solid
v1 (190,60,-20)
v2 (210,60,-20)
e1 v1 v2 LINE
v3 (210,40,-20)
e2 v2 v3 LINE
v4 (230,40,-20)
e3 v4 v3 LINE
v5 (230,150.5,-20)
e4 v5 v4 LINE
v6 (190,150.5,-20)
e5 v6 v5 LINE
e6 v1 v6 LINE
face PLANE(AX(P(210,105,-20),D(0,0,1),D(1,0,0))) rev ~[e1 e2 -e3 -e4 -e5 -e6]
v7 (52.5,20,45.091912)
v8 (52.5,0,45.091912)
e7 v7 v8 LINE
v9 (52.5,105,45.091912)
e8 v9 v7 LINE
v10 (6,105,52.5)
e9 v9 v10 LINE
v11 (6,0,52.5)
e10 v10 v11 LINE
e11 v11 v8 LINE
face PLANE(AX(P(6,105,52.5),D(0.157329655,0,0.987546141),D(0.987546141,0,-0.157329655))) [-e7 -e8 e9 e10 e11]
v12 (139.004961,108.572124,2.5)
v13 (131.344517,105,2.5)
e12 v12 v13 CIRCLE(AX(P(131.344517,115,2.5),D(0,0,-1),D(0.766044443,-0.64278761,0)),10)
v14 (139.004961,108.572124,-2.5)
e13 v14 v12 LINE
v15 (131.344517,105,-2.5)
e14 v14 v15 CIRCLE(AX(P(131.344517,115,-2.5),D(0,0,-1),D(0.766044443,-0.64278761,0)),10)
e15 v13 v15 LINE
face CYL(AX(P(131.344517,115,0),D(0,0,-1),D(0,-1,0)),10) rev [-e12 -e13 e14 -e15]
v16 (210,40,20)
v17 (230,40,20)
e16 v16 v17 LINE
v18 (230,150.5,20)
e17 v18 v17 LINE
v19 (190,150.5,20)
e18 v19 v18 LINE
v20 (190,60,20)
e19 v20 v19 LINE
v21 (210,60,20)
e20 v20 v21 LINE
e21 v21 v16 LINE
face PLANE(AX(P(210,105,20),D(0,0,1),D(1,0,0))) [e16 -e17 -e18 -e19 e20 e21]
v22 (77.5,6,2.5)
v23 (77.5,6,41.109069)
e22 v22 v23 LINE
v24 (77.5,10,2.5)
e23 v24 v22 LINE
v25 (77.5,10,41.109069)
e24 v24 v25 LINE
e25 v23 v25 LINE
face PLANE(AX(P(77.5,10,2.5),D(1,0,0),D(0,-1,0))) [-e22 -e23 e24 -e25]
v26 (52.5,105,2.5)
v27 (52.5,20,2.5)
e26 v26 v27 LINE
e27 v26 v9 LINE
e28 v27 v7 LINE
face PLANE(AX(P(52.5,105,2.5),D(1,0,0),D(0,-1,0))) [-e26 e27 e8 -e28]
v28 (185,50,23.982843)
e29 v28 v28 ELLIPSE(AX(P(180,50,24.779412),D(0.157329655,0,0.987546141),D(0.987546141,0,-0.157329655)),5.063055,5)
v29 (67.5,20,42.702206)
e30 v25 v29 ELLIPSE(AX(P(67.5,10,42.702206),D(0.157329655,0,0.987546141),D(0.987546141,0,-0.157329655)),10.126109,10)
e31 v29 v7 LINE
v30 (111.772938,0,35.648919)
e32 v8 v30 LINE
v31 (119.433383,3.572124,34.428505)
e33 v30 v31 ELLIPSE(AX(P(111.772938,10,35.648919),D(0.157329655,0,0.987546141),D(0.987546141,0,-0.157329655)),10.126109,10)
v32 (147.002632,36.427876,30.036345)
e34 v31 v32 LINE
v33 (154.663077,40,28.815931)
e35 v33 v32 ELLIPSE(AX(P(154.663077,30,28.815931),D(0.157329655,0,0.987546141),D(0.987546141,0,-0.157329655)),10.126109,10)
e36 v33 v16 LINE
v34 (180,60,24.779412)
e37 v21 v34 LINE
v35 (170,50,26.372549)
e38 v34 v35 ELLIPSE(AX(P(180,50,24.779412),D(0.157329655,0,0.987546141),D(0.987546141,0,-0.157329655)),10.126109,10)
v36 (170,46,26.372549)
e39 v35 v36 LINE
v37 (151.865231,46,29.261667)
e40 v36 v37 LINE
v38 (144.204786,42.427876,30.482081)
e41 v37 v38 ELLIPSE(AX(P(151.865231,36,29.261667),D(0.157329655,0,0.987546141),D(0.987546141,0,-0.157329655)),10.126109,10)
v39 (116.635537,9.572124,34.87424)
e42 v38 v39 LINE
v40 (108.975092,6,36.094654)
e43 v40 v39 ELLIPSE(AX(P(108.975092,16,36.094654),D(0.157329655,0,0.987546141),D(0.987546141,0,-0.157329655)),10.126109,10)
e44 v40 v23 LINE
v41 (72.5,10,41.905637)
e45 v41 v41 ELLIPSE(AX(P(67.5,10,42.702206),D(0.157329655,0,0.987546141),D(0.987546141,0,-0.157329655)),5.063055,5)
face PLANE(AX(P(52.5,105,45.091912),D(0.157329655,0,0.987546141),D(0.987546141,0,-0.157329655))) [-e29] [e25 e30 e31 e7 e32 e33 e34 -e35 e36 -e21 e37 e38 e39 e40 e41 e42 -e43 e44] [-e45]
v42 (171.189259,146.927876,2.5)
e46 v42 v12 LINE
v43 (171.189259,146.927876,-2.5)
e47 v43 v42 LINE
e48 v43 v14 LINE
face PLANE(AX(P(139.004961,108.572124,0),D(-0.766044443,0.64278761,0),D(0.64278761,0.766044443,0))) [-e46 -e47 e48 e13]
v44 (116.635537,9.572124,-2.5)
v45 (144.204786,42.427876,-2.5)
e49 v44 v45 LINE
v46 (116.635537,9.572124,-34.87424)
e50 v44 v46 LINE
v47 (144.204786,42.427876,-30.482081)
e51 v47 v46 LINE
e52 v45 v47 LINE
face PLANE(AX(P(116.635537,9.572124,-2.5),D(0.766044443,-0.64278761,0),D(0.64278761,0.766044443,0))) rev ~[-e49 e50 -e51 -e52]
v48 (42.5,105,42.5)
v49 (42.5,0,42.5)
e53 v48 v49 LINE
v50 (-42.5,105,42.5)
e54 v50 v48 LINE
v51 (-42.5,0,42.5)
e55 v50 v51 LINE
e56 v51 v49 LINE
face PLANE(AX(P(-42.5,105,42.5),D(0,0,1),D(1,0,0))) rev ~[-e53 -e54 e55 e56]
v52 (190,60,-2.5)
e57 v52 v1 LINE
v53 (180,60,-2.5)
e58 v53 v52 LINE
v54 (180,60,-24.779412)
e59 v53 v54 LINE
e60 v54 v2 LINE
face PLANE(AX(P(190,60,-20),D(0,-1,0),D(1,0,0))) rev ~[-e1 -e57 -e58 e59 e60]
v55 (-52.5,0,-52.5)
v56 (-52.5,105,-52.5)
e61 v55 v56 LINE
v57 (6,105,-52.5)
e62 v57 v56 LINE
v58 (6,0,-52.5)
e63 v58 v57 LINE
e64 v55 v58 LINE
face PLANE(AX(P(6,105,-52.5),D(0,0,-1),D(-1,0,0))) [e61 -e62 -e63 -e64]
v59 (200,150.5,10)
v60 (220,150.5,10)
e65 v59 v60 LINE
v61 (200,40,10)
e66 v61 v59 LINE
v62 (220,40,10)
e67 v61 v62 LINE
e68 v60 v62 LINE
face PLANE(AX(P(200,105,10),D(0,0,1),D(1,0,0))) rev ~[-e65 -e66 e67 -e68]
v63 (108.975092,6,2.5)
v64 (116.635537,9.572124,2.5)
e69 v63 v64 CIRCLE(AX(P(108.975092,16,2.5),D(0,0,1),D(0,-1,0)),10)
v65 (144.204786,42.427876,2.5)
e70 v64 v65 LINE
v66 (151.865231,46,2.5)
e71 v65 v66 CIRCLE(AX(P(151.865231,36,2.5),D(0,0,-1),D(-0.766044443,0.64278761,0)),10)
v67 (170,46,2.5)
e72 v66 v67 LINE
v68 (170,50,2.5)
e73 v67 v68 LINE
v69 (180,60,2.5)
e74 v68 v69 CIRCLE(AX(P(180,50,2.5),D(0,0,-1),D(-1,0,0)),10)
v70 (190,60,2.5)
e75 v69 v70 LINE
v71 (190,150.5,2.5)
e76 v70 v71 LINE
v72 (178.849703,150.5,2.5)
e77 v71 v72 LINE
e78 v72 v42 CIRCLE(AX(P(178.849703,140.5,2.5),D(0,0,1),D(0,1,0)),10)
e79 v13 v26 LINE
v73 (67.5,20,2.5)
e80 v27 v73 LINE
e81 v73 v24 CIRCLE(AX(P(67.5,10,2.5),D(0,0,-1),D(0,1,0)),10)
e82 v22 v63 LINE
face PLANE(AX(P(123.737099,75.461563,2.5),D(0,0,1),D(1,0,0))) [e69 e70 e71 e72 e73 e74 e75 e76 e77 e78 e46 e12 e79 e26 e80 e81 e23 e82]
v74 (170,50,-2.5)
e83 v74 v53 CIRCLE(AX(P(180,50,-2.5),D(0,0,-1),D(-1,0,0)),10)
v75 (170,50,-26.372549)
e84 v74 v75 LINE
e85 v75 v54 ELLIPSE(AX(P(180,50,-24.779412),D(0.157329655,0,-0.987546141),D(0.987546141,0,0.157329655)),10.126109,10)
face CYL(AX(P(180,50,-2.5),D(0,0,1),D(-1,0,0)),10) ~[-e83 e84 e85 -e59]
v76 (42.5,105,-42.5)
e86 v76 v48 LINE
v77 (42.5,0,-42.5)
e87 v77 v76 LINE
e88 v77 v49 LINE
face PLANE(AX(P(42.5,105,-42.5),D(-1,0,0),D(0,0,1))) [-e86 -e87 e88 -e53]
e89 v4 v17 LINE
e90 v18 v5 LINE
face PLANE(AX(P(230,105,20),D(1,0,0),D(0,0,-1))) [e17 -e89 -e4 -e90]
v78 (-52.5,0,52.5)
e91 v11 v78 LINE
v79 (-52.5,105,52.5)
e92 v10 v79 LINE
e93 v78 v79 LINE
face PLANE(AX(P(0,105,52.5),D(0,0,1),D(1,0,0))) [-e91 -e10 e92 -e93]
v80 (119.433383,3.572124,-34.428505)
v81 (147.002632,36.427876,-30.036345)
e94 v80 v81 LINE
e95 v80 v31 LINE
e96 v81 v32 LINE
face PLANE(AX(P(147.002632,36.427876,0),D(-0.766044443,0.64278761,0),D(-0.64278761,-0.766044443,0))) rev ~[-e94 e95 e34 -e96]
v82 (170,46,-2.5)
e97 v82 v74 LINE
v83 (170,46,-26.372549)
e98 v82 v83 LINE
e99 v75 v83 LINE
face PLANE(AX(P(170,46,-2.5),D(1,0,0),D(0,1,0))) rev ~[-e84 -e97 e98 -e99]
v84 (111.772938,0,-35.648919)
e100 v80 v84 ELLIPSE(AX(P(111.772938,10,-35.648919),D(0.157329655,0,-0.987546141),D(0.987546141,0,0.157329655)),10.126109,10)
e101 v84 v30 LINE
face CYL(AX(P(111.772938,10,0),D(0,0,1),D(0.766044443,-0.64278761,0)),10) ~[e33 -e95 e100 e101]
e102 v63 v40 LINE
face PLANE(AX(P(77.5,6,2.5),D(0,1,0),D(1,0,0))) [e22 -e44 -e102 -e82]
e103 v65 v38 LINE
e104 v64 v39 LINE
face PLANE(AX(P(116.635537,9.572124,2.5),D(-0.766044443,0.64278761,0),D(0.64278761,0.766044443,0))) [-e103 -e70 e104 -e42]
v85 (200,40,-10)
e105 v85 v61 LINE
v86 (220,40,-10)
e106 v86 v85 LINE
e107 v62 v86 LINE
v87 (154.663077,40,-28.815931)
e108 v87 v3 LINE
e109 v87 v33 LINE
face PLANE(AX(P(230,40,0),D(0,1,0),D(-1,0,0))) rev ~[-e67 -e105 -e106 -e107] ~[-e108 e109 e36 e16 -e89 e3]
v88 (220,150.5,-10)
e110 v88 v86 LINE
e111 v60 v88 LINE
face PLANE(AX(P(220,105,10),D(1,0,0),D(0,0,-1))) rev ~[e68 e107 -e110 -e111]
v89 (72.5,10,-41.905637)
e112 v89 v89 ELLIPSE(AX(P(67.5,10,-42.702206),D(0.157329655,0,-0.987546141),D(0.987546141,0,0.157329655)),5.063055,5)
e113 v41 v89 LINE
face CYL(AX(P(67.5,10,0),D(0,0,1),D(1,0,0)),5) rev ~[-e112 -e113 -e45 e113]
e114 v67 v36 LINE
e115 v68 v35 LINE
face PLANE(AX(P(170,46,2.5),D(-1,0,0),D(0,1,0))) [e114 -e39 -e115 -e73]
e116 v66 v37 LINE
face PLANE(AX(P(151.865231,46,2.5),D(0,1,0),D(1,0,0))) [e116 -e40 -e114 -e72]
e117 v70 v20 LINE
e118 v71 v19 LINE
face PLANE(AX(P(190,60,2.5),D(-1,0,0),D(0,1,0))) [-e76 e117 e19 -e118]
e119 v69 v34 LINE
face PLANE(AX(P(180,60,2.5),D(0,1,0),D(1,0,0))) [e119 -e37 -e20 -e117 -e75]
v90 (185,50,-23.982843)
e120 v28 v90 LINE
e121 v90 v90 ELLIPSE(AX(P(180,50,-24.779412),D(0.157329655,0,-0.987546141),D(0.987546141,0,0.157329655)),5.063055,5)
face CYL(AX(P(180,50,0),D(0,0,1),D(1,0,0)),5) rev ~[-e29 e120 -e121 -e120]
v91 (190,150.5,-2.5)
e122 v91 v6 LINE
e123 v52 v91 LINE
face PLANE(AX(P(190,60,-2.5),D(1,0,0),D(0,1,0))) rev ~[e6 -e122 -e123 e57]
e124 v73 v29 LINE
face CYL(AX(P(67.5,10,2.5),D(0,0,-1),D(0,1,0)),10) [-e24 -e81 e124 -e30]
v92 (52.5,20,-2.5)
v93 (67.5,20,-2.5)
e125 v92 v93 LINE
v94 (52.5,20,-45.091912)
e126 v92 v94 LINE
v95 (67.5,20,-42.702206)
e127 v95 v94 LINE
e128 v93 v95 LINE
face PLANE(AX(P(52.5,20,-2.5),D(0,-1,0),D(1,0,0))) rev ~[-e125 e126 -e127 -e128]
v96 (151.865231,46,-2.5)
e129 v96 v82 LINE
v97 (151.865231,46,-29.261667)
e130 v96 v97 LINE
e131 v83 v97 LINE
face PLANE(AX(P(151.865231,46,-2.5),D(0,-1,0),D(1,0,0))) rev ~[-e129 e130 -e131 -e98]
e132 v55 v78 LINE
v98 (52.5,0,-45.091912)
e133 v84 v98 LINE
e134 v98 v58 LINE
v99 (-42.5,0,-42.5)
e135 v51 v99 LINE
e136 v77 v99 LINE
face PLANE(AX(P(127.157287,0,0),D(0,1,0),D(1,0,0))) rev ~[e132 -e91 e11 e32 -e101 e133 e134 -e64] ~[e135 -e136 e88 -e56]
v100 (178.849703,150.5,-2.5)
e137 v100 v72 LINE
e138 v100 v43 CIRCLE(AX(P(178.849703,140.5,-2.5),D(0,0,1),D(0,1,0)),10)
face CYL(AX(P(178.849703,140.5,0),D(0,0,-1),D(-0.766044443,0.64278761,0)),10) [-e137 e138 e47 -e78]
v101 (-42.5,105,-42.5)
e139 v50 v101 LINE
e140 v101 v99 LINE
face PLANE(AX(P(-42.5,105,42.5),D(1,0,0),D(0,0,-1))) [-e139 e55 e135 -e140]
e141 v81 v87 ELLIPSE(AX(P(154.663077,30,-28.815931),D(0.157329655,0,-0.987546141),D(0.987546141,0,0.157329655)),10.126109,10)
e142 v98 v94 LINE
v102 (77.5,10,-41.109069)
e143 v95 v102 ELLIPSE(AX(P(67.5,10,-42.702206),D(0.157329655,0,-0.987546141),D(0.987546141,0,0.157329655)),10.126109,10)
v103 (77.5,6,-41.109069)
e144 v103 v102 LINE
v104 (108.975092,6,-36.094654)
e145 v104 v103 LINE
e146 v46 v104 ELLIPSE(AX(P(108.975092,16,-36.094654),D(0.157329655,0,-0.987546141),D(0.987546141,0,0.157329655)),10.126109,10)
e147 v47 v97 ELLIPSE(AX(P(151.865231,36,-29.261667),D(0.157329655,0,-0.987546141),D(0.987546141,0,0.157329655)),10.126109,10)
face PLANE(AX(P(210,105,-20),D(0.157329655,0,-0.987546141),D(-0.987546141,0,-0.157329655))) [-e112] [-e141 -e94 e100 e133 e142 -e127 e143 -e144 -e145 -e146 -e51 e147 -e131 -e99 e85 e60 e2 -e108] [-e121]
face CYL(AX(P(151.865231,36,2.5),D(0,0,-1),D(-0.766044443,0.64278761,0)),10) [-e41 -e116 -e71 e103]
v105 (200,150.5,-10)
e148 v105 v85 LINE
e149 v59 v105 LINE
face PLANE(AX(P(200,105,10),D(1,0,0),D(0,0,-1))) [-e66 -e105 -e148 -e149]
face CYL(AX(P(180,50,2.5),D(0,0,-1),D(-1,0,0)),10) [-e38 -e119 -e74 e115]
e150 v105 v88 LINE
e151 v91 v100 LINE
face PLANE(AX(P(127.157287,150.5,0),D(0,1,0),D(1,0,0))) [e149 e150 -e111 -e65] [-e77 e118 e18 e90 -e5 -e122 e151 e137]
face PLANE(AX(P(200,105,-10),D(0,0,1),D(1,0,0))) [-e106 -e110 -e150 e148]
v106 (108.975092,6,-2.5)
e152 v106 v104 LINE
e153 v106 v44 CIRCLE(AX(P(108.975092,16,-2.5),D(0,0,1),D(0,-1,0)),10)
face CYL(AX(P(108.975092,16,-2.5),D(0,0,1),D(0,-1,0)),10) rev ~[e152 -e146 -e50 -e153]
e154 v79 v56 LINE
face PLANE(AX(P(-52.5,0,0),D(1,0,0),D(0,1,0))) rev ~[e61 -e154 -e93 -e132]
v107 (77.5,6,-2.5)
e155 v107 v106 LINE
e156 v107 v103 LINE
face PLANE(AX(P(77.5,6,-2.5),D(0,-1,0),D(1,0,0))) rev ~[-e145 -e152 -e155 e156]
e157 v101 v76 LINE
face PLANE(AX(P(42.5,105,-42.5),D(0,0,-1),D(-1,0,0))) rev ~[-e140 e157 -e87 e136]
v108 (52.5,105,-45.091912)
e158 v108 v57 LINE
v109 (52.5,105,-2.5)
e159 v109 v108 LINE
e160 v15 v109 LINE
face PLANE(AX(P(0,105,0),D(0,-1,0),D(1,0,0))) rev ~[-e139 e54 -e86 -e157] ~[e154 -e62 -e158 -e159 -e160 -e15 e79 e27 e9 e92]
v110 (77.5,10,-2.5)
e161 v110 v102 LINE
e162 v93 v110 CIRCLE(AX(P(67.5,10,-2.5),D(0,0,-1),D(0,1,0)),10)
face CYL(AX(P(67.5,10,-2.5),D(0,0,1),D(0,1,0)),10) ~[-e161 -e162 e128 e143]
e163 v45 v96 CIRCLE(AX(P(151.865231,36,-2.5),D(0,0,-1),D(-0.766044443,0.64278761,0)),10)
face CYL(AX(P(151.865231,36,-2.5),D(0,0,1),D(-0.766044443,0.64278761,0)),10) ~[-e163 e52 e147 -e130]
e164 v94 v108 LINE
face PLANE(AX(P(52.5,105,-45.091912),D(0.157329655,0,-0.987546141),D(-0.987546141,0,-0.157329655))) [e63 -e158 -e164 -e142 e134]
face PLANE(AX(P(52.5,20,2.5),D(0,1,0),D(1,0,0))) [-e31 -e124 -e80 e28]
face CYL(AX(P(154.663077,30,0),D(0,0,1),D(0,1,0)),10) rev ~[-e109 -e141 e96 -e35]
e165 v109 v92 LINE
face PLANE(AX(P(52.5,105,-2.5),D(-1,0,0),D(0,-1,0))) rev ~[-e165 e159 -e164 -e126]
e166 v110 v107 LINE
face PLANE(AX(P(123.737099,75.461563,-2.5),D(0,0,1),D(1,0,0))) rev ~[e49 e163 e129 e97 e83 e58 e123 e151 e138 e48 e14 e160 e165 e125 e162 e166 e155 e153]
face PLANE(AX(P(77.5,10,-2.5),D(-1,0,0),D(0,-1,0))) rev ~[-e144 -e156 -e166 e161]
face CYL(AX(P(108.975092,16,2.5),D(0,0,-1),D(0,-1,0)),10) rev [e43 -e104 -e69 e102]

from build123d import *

# Parameters (mm, degrees)
ESQUISSE1_W                  = 52.5
ESQUISSE1_H                  = 105
BOSS_EXTRU_1_DEPTH           = 52.5
ESQUISSE2_W                  = 40
ESQUISSE2_H                  = 40
ESQUISSE2_W_2                = 20
ESQUISSE2_H_2                = 20
BOSS_EXTRU_2_DEPTH           = 45.5
BOSS_EXTRU_2_DEPTH_BACK      = 105
ESQUISSE2_3_W                = 42.5
ESQUISSE2_3_H                = 85
ENL_V_MAT_EXTRU_1_DEPTH      = 106
ENL_V_START                  = -2.5
ENL_V_MAT_EXTRU_3_DEPTH      = 51
ENL_V_START_2                = 2.5
ENL_V_MAT_EXTRU_4_DEPTH      = 51
ESQUISSE1_6_R                = 5
ENL_V_MAT_EXTRU_5_DEPTH      = 53.5
ENL_V_MAT_EXTRU_5_DEPTH_BACK = 53.5
ENL_V_START_3                = -20
ESQUISSE1_7_W                = 20
ESQUISSE1_7_H                = 90.5
ENL_V_MAT_EXTRU_6_DEPTH      = 32.5
ENL_V_START_4                = 20
ESQUISSE1_8_W                = 20
ESQUISSE1_8_H                = 90.5
ENL_V_MAT_EXTRU_7_DEPTH      = 32.5


with BuildPart() as part:
    # Esquisse1 → Boss.-Extru.1 (new body, symmetric)
    with BuildSketch(Plane.XY):
        with Locations((-26.25, 52.5)):
            Rectangle(ESQUISSE1_W, ESQUISSE1_H)
    extrude(amount=BOSS_EXTRU_1_DEPTH, both=True)

    # Esquisse2 → Boss.-Extru.2 (add, two sides)
    with BuildSketch(Plane(origin=(0, 105, 0), x_dir=(1, 0, 0), z_dir=(0, 1, 0))) as boss_extru_2_sk:
        Polygon((210, 20), (52.5, 45.091911765), (52.5, -45.091911765), (210, -20), (190, -20), (190, 20), align=None)
        Polygon((6, 52.5), (0, 52.5), (0, 42.5), (42.5, 42.5), (42.5, -42.5), (0, -42.5), (0, -52.5), (6, -52.5), (52.5, -45.091911765), (52.5, 45.091911765), align=None)
        with Locations((210, 0)):
            Rectangle(ESQUISSE2_W, ESQUISSE2_H)
        with Locations((210, 0)):
            Rectangle(ESQUISSE2_W_2, ESQUISSE2_H_2, mode=Mode.SUBTRACT)
    extrude(amount=BOSS_EXTRU_2_DEPTH)
    extrude(boss_extru_2_sk.sketch, amount=-BOSS_EXTRU_2_DEPTH_BACK)

    # Esquisse2_3 → Enl_v. mat.-Extru.1 (cut, through all)
    with BuildSketch(Plane(origin=(0, 105, 0), x_dir=(1, 0, 0), z_dir=(0, 1, 0))):
        with Locations((-21.25, 0)):
            Rectangle(ESQUISSE2_3_W, ESQUISSE2_3_H)
        with Locations((21.25, 0)):
            Rectangle(ESQUISSE2_3_W, ESQUISSE2_3_H)
    extrude(amount=-ENL_V_MAT_EXTRU_1_DEPTH, mode=Mode.SUBTRACT)

    # Esquisse1_4 → Enl_v. mat.-Extru.3 (cut, through all)
    with BuildSketch(Plane.XY.offset(ENL_V_START)):
        with BuildLine():
            Line((52.5, 105), (52.5, 20))
            Line((52.5, 20), (67.5, 20))
            ThreePointArc((67.5, 20), (74.571067812, 17.071067812), (77.5, 10))
            Line((77.5, 10), (77.5, 6))
            Line((77.5, 6), (108.975092222, 6))
            ThreePointArc((108.975092222, 6), (113.20127484, 6.93692213), (116.635536654, 9.572123903))
            Line((116.635536654, 9.572123903), (144.204786201, 42.427876097))
            ThreePointArc((144.204786201, 42.427876097), (147.639048015, 45.06307787), (151.865230633, 46))
            Line((151.865230633, 46), (170, 46))
            Line((170, 46), (170, 50))
            ThreePointArc((170, 50), (172.928932188, 57.071067812), (180, 60))
            Line((180, 60), (190, 60))
            Line((190, 60), (190, 150.5))
            Line((190, 150.5), (178.849703137, 150.5))
            ThreePointArc((178.849703137, 150.5), (174.623520519, 149.56307787), (171.189258706, 146.927876097))
            Line((171.189258706, 146.927876097), (139.004961186, 108.572123903))
            ThreePointArc((139.004961186, 108.572123903), (135.570699372, 105.93692213), (131.344516755, 105))
            Line((131.344516755, 105), (52.5, 105))
        make_face()
    extrude(amount=-ENL_V_MAT_EXTRU_3_DEPTH, mode=Mode.SUBTRACT)

    # Esquisse1_5 → Enl_v. mat.-Extru.4 (cut, through all)
    with BuildSketch(Plane.XY.offset(ENL_V_START_2)):
        with BuildLine():
            Line((52.5, 105), (52.5, 20))
            Line((52.5, 20), (67.5, 20))
            ThreePointArc((67.5, 20), (74.571067812, 17.071067812), (77.5, 10))
            Line((77.5, 10), (77.5, 6))
            Line((77.5, 6), (108.975092222, 6))
            ThreePointArc((108.975092222, 6), (113.20127484, 6.93692213), (116.635536654, 9.572123903))
            Line((116.635536654, 9.572123903), (144.204786201, 42.427876097))
            ThreePointArc((144.204786201, 42.427876097), (147.639048015, 45.06307787), (151.865230633, 46))
            Line((151.865230633, 46), (170, 46))
            Line((170, 46), (170, 50))
            ThreePointArc((170, 50), (172.928932188, 57.071067812), (180, 60))
            Line((180, 60), (190, 60))
            Line((190, 60), (190, 150.5))
            Line((190, 150.5), (178.849703137, 150.5))
            ThreePointArc((178.849703137, 150.5), (174.623520519, 149.56307787), (171.189258706, 146.927876097))
            Line((171.189258706, 146.927876097), (139.004961186, 108.572123903))
            ThreePointArc((139.004961186, 108.572123903), (135.570699372, 105.93692213), (131.344516755, 105))
            Line((131.344516755, 105), (52.5, 105))
        make_face()
    extrude(amount=ENL_V_MAT_EXTRU_4_DEPTH, mode=Mode.SUBTRACT)

    # Esquisse1_6 → Enl_v. mat.-Extru.5 (cut, two sides)
    with BuildSketch(Plane.XY) as enl_v_mat_extru_5_sk:
        with BuildLine():
            Line((0, 105), (52.5, 105))
            Line((52.5, 105), (131.344516755, 105))
            ThreePointArc((131.344516755, 105), (135.570699372, 105.93692213), (139.004961186, 108.572123903))
            Line((139.004961186, 108.572123903), (171.189258706, 146.927876097))
            ThreePointArc((171.189258706, 146.927876097), (174.623520519, 149.56307787), (178.849703137, 150.5))
            Line((178.849703137, 150.5), (0, 150.5))
            Line((0, 150.5), (0, 105))
        make_face()
        with BuildLine():
            ThreePointArc((119.433382603, 3.572123903), (115.999120789, 0.93692213), (111.772938171, 0))
            Line((111.772938171, 0), (230, 0))
            Line((230, 0), (230, 40))
            Line((230, 40), (210, 40))
            Line((210, 40), (154.663076582, 40))
            ThreePointArc((154.663076582, 40), (150.436893964, 39.06307787), (147.00263215, 36.427876097))
            Line((147.00263215, 36.427876097), (119.433382603, 3.572123903))
        make_face()
        with Locations((67.5, 10)):
            Circle(ESQUISSE1_6_R)
        with Locations((180, 50)):
            Circle(ESQUISSE1_6_R)
    extrude(amount=ENL_V_MAT_EXTRU_5_DEPTH, mode=Mode.SUBTRACT)
    extrude(enl_v_mat_extru_5_sk.sketch, amount=-ENL_V_MAT_EXTRU_5_DEPTH_BACK, mode=Mode.SUBTRACT)

    # Esquisse1_7 → Enl_v. mat.-Extru.6 (cut)
    with BuildSketch(Plane.XY.offset(ENL_V_START_3)):
        with Locations((200, 105.25)):
            Rectangle(ESQUISSE1_7_W, ESQUISSE1_7_H)
    extrude(amount=-ENL_V_MAT_EXTRU_6_DEPTH, mode=Mode.SUBTRACT)

    # Esquisse1_8 → Enl_v. mat.-Extru.7 (cut)
    with BuildSketch(Plane.XY.offset(ENL_V_START_4)):
        with Locations((200, 105.25)):
            Rectangle(ESQUISSE1_8_W, ESQUISSE1_8_H)
    extrude(amount=ENL_V_MAT_EXTRU_7_DEPTH, mode=Mode.SUBTRACT)


solid = part.part
